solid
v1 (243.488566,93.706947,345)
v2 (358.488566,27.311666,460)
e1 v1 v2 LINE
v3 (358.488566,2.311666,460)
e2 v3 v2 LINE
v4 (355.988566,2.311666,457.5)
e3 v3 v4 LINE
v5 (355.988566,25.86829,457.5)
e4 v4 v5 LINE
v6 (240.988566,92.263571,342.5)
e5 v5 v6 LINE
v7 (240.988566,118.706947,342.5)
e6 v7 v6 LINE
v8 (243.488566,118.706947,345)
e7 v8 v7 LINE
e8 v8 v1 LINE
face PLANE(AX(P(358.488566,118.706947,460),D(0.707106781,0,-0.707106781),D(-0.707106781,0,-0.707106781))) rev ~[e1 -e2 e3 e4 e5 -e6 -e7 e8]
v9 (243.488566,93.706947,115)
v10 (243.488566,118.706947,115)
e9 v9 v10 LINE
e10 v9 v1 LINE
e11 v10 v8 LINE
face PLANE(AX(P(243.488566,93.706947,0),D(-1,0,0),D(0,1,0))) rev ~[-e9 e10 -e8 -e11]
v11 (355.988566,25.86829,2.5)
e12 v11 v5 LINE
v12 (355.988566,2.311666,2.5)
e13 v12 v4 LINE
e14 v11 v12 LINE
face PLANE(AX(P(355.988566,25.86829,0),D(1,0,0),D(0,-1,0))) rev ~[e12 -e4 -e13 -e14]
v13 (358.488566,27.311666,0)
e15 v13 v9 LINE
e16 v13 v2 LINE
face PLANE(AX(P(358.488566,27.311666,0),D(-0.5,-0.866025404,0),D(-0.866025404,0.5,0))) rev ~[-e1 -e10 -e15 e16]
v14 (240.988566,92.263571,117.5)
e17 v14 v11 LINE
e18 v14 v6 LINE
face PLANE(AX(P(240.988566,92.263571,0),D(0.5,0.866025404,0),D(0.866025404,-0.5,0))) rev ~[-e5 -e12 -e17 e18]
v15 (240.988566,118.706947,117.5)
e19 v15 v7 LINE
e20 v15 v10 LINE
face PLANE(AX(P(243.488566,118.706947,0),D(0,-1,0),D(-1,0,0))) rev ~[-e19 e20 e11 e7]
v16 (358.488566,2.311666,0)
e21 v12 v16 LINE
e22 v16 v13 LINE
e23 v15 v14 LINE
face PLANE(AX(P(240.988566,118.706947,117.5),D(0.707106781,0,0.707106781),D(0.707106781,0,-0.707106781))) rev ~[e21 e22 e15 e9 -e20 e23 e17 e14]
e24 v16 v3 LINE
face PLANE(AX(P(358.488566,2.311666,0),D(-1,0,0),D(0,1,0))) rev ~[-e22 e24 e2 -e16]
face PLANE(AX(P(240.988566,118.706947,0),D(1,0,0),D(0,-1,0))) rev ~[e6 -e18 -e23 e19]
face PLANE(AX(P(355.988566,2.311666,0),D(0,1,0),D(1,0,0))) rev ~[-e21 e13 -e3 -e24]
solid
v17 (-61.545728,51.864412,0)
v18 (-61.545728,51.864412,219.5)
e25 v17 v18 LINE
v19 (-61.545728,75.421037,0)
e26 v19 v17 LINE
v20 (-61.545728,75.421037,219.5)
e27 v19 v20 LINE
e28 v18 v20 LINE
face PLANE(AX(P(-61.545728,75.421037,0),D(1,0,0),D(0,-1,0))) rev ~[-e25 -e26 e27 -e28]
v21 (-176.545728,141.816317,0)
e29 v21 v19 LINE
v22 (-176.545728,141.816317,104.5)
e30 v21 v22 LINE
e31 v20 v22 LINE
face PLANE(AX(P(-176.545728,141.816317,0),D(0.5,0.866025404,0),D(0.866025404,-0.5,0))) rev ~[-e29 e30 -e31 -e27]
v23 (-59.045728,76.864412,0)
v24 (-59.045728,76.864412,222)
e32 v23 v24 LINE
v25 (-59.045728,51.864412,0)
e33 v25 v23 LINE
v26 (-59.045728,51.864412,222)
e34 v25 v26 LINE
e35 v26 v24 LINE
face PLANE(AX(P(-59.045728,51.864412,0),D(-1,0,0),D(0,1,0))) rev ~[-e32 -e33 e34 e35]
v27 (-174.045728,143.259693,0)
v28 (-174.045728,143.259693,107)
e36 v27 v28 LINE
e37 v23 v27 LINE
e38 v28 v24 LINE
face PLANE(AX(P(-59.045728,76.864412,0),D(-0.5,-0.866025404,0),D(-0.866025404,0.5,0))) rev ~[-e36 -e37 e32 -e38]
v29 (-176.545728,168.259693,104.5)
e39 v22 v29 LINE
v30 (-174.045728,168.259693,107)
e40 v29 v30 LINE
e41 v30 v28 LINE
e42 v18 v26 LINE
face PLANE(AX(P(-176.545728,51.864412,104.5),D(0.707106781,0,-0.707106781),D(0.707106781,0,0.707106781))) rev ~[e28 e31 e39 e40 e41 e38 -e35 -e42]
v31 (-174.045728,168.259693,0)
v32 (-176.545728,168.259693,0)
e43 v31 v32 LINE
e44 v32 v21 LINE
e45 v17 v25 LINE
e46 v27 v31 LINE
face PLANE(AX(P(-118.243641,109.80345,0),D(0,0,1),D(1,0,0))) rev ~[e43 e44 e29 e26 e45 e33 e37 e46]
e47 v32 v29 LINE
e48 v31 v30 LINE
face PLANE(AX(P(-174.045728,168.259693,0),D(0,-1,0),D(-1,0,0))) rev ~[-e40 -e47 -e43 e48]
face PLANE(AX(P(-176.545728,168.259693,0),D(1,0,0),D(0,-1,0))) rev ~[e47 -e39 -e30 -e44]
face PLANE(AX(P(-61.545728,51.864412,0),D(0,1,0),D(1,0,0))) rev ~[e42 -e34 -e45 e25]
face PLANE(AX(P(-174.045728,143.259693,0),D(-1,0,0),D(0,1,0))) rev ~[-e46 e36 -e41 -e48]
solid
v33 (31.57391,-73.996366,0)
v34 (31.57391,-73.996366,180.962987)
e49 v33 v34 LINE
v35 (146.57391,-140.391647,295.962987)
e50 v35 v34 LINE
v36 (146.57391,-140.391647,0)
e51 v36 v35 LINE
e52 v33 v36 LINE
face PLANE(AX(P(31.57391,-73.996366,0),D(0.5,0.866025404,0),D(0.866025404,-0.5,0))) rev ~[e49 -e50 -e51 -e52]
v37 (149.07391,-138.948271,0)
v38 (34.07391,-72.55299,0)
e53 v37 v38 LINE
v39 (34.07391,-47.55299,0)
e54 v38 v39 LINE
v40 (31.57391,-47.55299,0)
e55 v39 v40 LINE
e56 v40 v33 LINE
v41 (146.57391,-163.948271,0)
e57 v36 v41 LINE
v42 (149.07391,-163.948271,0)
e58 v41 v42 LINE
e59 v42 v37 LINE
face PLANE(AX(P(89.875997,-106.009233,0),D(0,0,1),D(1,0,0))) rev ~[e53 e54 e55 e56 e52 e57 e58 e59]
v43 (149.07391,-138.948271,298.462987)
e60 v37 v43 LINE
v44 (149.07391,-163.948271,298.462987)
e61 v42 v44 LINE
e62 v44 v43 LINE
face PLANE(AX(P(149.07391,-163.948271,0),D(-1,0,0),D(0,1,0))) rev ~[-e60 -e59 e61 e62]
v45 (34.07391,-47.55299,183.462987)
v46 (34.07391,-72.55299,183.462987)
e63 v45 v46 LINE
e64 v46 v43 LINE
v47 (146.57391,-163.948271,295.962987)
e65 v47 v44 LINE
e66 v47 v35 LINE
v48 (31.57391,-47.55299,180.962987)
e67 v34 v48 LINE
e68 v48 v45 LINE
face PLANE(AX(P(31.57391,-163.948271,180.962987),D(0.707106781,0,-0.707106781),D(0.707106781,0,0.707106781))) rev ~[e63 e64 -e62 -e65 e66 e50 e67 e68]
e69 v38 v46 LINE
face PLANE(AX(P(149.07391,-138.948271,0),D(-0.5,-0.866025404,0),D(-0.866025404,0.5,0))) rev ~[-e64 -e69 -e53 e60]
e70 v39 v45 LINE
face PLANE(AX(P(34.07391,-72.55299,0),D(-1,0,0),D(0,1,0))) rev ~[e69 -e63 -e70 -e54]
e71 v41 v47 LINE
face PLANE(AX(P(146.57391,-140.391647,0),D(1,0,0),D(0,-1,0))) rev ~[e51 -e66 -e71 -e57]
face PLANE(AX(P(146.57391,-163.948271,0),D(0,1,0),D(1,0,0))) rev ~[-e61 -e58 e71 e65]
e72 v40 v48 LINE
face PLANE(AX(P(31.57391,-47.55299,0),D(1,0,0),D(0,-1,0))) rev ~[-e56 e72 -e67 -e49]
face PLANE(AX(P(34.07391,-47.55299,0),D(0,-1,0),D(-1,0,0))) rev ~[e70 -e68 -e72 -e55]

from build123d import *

# Parameters (mm, degrees)
F1_DEPTH  = 222
F3_DEPTH  = 116.3962809568
F5_DEPTH  = 298.4629867977
F7_DEPTH  = 332.2089640623
F9_DEPTH  = 460
F11_DEPTH = 282.6562179452
F13_DEPTH = 282.6562179452


with BuildPart() as f1:
    # F0 (on Top) → F1 (new body)
    with BuildSketch(Plane.XY):
        Polygon((-174.045728147, 143.2596931669), (-174.045728147, 168.2596931669), (-176.545728147, 168.2596931669), (-176.545728147, 141.8163174939), (-61.545728147, 75.4210365371), (-61.545728147, 51.8644122101), (-59.045728147, 51.8644122101), (-59.045728147, 76.8644122101), align=None)
    extrude(amount=F1_DEPTH)

    # F2 (on face) → F3 (cut, through all)
    with BuildSketch(Plane.XZ.offset(-51.8644122101)):
        Polygon((-61.545728147, 222), (-176.545728147, 222), (-176.545728147, 104.5), (-61.545728147, 219.5), align=None)
        Polygon((-59.045728147, 222), (-61.545728147, 222), (-61.545728147, 219.5), align=None)
    extrude(amount=-F3_DEPTH, mode=Mode.SUBTRACT)


with BuildPart() as f5:
    # F4 (on Top) → F5 (new body)
    with BuildSketch(Plane.XY):
        Polygon((34.0739101171, -72.5529899385), (34.0739101171, -47.5529899385), (31.5739101171, -47.5529899385), (31.5739101171, -73.9963656115), (146.5739101171, -140.3916465683), (146.5739101171, -163.9482708954), (149.0739101171, -163.9482708954), (149.0739101171, -138.9482708954), align=None)
    extrude(amount=F5_DEPTH)

    # F6 (on face) → F7 (cut, through all)
    with BuildSketch(Plane.XZ.offset(163.9482708954)):
        Polygon((146.5739101172, 295.9629867977), (149.0739101172, 298.4629867977), (146.5739101172, 298.4629867977), align=None)
        Polygon((31.5739101171, 180.9629867977), (146.5739101172, 295.9629867977), (146.5739101172, 298.4629867977), (31.5739101171, 298.4629867977), align=None)
    extrude(amount=-F7_DEPTH, mode=Mode.SUBTRACT)


with BuildPart() as f9:
    # F8 (on Top) → F9 (new body)
    with BuildSketch(Plane.XY):
        Polygon((243.4885656552, 93.7069470498), (243.4885656552, 118.7069470498), (240.9885656552, 118.7069470498), (240.9885656552, 92.2635713768), (355.9885656552, 25.86829042), (355.9885656552, 2.311666093), (358.4885656552, 2.311666093), (358.4885656552, 27.311666093), align=None)
    extrude(amount=F9_DEPTH)

    # F10 (on face) → F11 (cut, through all)
    with BuildSketch(Plane(origin=(0, 118.7069470498, 0), x_dir=(-1, 0, 0), z_dir=(0, 1, 0))):
        Polygon((-243.4885656552, 345), (-243.4885656552, 460), (-358.4885656552, 460), align=None)
        Polygon((-240.9885656552, 460), (-243.4885656552, 460), (-243.4885656552, 345), (-240.9885656552, 342.5), align=None)
    extrude(amount=-F11_DEPTH, mode=Mode.SUBTRACT)

    # F12 (on face) → F13 (cut, through all)
    with BuildSketch(Plane(origin=(0, 118.7069470498, 0), x_dir=(-1, 0, 0), z_dir=(0, 1, 0))):
        Polygon((-358.4885656552, 0), (-243.4885656552, 0), (-243.4885656552, 115), align=None)
        Polygon((-243.4885656552, 115), (-243.4885656552, 0), (-240.9885656552, 0), (-240.9885656552, 117.5), align=None)
    extrude(amount=-F13_DEPTH, mode=Mode.SUBTRACT)


solid = Compound([f1.part, f5.part, f9.part])
